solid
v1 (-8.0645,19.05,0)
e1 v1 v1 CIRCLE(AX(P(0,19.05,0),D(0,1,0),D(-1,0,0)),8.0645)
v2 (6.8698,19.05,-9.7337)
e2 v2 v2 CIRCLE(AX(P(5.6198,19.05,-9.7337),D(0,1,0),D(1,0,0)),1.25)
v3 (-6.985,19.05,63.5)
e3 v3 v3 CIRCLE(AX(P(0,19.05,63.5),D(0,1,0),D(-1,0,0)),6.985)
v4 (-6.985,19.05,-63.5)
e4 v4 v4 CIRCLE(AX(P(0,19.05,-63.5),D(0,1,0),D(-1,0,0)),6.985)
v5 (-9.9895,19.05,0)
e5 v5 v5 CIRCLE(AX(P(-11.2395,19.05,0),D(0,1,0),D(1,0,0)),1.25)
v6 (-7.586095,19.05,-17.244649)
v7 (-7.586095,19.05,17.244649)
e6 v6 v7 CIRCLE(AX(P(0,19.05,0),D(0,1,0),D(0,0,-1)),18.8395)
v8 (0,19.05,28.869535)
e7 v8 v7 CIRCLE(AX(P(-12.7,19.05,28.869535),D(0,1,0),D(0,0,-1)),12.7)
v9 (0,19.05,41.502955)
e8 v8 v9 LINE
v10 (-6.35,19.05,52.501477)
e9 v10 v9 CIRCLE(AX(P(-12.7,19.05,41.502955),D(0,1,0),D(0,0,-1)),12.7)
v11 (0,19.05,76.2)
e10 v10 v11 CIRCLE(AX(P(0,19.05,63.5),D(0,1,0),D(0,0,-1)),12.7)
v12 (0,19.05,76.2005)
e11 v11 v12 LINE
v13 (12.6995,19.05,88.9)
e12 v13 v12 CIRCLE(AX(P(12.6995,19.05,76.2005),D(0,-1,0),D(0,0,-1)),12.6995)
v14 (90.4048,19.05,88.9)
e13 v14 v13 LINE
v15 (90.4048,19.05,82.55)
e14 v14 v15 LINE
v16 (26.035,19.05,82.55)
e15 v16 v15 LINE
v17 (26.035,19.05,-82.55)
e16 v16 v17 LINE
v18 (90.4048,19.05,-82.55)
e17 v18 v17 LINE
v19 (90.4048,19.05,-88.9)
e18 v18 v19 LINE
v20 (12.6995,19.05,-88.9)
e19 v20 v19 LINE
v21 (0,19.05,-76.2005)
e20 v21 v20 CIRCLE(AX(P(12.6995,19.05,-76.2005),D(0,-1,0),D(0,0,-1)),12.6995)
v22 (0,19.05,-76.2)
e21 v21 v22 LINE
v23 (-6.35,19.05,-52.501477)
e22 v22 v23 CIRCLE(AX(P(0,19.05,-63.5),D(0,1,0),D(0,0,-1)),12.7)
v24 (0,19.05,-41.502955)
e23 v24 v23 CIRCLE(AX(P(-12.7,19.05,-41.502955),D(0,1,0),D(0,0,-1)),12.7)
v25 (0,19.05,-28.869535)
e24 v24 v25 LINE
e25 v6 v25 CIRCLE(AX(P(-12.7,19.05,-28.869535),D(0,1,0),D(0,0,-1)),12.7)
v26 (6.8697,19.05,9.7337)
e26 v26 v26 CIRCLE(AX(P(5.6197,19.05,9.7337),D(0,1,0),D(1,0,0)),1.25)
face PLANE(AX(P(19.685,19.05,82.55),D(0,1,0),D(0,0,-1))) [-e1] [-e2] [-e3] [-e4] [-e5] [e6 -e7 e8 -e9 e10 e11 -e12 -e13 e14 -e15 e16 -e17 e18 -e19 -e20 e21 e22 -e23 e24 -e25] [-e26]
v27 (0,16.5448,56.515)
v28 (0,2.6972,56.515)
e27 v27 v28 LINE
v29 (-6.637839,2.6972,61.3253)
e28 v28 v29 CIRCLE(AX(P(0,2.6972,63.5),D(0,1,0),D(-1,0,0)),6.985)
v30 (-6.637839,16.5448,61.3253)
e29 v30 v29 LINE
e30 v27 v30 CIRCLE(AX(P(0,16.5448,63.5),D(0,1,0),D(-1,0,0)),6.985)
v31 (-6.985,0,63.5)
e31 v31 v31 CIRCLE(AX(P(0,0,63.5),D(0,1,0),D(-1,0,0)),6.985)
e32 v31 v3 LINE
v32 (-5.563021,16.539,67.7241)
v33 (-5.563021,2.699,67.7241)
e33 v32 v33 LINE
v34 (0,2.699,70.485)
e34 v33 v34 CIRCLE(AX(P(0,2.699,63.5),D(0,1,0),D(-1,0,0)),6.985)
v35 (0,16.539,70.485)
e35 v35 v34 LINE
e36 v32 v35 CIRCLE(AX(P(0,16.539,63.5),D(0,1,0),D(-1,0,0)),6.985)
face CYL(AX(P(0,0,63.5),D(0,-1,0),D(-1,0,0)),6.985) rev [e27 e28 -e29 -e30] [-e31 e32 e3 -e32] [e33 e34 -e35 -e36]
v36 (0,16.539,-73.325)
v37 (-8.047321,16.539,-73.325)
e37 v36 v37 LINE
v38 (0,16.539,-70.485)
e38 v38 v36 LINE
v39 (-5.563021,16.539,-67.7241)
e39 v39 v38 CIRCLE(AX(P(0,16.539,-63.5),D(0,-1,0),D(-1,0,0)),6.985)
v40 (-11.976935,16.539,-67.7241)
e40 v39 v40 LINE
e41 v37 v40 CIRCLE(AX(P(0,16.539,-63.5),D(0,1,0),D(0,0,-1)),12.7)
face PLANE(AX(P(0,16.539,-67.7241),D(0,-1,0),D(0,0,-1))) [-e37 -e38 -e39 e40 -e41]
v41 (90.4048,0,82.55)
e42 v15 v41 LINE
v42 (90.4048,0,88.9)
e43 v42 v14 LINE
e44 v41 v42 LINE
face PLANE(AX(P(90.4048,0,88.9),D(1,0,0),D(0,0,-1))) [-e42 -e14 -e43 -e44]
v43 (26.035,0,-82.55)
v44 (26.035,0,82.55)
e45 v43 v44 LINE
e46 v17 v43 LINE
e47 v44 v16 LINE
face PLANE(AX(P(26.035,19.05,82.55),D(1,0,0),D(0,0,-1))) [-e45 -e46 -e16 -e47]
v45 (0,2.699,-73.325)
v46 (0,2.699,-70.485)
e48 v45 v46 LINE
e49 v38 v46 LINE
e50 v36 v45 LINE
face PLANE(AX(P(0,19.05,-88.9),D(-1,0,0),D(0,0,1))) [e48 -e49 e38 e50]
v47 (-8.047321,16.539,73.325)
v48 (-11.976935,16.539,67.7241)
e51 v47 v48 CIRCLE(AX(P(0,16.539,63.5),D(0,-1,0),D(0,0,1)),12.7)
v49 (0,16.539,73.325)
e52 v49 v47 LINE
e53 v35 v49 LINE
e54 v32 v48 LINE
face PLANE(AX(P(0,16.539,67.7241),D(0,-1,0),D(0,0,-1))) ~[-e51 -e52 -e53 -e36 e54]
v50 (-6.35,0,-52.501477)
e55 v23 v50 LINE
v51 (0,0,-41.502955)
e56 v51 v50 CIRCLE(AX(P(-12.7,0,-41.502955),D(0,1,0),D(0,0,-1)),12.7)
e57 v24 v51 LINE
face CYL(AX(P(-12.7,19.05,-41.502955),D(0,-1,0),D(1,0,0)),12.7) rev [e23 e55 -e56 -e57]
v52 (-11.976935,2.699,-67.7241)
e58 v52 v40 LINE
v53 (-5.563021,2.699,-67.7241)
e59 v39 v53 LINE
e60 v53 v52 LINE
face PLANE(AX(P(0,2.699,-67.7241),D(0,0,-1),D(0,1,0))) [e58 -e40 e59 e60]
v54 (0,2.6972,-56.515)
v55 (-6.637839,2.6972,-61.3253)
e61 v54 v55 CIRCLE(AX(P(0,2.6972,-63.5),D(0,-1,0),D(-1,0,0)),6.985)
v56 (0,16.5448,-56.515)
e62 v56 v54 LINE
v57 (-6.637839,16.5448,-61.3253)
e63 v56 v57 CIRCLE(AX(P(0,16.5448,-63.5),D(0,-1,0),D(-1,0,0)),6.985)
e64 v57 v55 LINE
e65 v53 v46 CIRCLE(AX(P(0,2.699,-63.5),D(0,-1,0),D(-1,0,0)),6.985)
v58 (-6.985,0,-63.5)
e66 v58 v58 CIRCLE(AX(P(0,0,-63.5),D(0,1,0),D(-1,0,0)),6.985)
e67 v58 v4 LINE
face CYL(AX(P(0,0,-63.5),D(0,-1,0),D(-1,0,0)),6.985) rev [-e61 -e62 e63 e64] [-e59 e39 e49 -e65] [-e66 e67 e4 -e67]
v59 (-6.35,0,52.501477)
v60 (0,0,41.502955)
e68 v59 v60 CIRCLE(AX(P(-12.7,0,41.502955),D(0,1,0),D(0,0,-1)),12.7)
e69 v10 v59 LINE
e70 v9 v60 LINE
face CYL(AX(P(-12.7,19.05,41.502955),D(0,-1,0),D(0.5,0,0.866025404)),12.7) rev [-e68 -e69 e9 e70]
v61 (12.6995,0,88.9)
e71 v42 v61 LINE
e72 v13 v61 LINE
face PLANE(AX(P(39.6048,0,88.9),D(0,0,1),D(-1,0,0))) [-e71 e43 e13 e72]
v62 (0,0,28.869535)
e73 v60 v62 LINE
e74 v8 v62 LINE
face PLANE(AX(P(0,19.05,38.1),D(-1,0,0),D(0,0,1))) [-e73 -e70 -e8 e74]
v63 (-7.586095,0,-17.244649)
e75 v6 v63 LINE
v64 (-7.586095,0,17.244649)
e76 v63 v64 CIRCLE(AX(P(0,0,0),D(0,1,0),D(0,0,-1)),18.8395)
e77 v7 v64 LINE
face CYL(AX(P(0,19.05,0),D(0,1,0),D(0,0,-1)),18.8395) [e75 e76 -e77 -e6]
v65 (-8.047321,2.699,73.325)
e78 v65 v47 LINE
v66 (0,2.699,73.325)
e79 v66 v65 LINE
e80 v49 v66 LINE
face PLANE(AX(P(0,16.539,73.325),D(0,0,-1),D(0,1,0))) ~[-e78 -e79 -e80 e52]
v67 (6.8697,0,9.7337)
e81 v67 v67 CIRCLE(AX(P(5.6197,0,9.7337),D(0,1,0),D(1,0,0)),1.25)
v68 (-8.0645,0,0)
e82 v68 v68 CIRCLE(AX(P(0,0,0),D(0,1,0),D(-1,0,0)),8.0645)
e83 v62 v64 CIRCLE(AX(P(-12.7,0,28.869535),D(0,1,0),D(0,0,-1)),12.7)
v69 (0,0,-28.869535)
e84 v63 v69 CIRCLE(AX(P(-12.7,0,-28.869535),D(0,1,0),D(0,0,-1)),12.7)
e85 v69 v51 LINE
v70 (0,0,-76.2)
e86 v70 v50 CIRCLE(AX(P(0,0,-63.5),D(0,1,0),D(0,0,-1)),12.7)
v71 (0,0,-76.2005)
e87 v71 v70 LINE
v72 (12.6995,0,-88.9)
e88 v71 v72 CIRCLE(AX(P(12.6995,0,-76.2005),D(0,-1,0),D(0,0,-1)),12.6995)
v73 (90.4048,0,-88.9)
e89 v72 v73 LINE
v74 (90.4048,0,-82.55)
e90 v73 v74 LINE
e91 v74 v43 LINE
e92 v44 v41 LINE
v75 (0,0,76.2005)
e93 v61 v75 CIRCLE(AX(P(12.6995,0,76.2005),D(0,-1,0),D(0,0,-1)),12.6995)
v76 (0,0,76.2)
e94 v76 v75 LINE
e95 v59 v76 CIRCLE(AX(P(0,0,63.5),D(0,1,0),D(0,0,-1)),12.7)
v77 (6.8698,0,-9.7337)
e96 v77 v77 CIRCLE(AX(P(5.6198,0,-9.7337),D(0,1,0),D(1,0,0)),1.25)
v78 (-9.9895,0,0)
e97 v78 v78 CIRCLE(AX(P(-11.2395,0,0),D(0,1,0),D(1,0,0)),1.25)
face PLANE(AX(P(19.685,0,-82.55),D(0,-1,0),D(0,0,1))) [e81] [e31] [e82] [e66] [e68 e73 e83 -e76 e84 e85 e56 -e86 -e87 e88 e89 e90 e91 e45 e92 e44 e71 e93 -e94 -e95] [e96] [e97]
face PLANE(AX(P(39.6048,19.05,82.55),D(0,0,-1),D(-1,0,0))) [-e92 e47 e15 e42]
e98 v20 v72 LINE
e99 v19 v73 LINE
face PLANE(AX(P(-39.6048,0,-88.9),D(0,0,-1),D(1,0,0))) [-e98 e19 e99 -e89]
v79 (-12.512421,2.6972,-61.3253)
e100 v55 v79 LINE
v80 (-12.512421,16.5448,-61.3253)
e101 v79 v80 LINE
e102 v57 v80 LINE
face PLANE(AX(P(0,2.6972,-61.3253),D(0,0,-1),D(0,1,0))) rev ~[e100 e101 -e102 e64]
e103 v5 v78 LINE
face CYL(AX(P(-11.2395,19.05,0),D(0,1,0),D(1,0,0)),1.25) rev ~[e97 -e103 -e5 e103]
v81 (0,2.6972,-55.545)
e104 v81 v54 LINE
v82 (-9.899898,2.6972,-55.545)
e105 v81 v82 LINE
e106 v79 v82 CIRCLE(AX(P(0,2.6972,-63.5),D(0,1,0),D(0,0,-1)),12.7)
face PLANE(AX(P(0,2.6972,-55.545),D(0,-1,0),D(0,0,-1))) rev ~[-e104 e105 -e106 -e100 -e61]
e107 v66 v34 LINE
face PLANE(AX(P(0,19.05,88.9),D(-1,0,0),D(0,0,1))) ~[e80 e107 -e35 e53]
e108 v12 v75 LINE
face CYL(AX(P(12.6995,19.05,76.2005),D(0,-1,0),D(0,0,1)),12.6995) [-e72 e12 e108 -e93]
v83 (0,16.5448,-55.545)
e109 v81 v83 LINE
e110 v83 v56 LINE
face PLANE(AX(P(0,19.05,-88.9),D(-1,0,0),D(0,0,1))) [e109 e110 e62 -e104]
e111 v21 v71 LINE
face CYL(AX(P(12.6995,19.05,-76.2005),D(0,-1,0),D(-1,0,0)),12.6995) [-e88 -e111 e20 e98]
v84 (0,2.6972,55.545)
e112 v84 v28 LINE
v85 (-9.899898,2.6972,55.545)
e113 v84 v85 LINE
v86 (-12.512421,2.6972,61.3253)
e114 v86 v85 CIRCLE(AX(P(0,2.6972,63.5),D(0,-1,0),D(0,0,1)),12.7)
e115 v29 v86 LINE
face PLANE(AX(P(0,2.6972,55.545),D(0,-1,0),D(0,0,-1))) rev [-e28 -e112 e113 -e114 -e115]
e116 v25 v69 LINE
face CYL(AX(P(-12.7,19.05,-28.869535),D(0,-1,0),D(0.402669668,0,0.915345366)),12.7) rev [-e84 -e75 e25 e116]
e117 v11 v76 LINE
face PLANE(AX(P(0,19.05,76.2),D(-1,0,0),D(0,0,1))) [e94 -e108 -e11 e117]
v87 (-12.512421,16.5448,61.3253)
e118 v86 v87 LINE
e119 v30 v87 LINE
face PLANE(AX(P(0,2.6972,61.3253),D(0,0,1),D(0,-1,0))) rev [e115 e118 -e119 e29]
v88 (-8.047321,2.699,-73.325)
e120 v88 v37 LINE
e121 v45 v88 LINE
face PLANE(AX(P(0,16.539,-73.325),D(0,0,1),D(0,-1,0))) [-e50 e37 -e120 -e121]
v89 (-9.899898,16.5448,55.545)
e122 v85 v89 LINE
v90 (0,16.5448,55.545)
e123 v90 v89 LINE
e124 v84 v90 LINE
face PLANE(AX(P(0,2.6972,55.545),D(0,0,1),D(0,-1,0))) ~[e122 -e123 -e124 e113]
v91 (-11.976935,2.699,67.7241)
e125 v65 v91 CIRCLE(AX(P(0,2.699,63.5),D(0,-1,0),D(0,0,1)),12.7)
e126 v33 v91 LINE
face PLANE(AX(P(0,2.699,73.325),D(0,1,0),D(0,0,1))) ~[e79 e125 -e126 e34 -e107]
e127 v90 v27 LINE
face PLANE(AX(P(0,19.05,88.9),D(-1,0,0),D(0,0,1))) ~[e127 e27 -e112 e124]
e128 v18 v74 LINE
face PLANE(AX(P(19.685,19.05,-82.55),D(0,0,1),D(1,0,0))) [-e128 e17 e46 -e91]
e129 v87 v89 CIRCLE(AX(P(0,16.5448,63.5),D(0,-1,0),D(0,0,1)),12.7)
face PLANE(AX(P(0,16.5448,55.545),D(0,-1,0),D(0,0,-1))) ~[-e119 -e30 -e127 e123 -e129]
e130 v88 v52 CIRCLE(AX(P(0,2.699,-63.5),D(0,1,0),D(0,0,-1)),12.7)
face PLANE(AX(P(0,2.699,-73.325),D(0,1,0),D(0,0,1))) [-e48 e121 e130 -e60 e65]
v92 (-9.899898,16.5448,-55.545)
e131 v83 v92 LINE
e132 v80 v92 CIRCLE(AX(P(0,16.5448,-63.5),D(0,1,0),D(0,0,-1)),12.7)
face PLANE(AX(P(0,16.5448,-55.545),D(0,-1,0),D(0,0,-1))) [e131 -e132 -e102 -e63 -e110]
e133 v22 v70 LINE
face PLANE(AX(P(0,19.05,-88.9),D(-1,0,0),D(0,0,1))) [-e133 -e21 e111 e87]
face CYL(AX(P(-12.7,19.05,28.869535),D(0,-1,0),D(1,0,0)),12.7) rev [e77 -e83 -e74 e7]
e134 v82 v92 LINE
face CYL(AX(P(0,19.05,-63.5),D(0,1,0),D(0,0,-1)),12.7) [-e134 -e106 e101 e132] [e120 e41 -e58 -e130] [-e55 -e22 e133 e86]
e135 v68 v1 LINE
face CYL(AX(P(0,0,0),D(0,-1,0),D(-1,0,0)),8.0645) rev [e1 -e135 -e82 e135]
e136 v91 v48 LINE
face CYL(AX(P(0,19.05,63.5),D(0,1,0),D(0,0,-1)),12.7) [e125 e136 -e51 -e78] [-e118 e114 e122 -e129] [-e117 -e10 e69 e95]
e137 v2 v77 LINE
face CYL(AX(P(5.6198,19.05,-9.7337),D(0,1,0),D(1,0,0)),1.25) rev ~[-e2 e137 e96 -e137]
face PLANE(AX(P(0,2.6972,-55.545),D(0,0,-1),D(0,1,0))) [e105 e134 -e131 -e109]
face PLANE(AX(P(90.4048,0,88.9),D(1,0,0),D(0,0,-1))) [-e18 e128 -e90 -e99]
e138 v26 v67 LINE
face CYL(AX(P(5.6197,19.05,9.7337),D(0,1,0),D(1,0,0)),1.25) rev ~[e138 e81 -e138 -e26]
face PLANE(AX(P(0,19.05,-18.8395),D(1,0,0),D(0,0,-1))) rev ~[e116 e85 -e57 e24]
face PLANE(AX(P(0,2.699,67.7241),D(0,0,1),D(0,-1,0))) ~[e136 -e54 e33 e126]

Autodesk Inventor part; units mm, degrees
ref_plane "YZ Plane" through (0, 0, 0) normal (1, 0, 0) x (0, 1, 0)
sketch "Sketch1" plane through (0, 0, 0) normal (0, 1, 0) x (-1, 0, 0)
  circle A0 centre (0, 0) radius 8.0645
  circle A1 centre (0, -63.5) radius 6.985
  circle A2 centre (0, 63.5) radius 6.985
  line L0 (-39.6048, 88.9) -> (39.6048, 88.9)
  line L1 (39.6048, 88.9) -> (39.6048, -88.9)
  line L2 (39.6048, -88.9) -> (-39.6048, -88.9)
  line L3 (-39.6048, -88.9) -> (-39.6048, 88.9)
  line L4 (-39.6048, 88.9) -> (39.6048, -88.9) construction
  line L5 (39.6048, 88.9) -> (-39.6048, -88.9) construction
  line L6 (10.9754, 63.5) -> (10.9754, 0) construction
  point P0 (0, 0)
  point P1 (0, 0)
  point P2 (0, 63.5)
  dimension "d0" = 16.129
  dimension "d1" = 13.97
  dimension "d2" = 13.97
  dimension "d28" = 177.8
  dimension "d30" = 25.4
  dimension "d31" = 25.4
extrude "Extrusion4" add sketch "Sketch1" along normal blind 19.05
ref_plane "Work Plane2" through (0, 19.05, 0) normal (0, 1, 0) x (1, 0, 0)
sketch "Sketch2" plane through (0, 19.05, 0) normal (0, 1, 0) x (1, 0, 0)
  circle A0 centre (-11.2395, 0) radius 1.25
  circle A1 centre (0, 0) radius 7.94 projected
  circle A2 centre (5.6197, -9.7337) radius 1.25
  circle A3 centre (5.6198, 9.7337) radius 1.25
  dimension "d11" = 2.5
  dimension "d12" = 11.2395
  dimension "d15" = 360
ref_plane "Work Plane1" through (0, 19.05, 0) normal (0, 1, 0) x (1, 0, 0)
extrude "Extrusion5" cut sketch "Sketch2" against normal up to next contours A0 | A2 | A3
sketch "Sketch6" plane through (0, 19.05, 0) normal (0, 1, 0) x (1, 0, 0)
  line L0 (0, -38.1) -> (0, -18.8395)
  line L1 (0, 18.8395) -> (0, 38.1)
  line L2 (39.6048, 88.9) -> (-39.6048, 88.9) projected
  line L3 (0, 88.9) -> (-39.6048, 88.9)
  line L4 (-39.6048, -88.9) -> (39.6048, -88.9) projected
  line L5 (-39.6048, 88.9) -> (-39.6048, -88.9)
  line L6 (-39.6048, -88.9) -> (0, -88.9)
  circle A0 centre (0, 0) radius 8.0645 projected
  arc A1 (0, 18.8395) -> (0, -18.8395) centre (0, 0) ccw
  arc A2 (0, -50.8) -> (0, -76.2) centre (0, -63.5) ccw
  line L7 (0, -38.1) -> (0, -50.8)
  line L8 (0, -76.2) -> (0, -88.9)
  arc A3 (0, 76.2) -> (0, 50.8) centre (0, 63.5) ccw
  line L9 (0, 88.9) -> (0, 76.2)
  line L10 (0, 50.8) -> (0, 38.1)
  circle A4 centre (0, 63.5) radius 6.477
  circle A5 centre (0, -63.5) radius 6.477
  circle A6 centre (-11.2395, 0) radius 1.25 projected
  point P0 (0, 0)
  dimension "d41" = 25.4
  dimension "d42" = 25.4
  dimension "d44" = 12.954
  dimension "d45" = 12.954
  dimension "d77" = 6.35
extrude "Extrusion6" cut sketch "Sketch6" against normal blind 19.05 contours L7 A2 L8 L4 L5 L2 L9 A3 L10 L1 A1 L0
fillet "Fillet5" radius 12.7 4 edges at (0, 9.525, 50.8) (0, 9.525, -50.8) (0, 9.525, -18.8395) (0, 9.525, 18.8395)
sketch "Sketch8" plane through (0, 19.05, -88.9) normal (-1, 0, 0) x (0, 0, 1)
  line L0 (33.355, -16.3528) -> (33.355, -2.5052) projected
  line L1 (15.575, -2.511) -> (15.575, -16.351) projected
  line L2 (27.5747, -16.3528) -> (27.5747, -2.5052)
  line L3 (21.1759, -16.351) -> (21.1759, -2.511)
  line L4 (33.355, -16.3528) -> (27.5747, -16.3528)
  line L5 (33.355, -2.5052) -> (27.5747, -2.5052)
  line L6 (15.575, -16.351) -> (21.1759, -16.351)
  line L7 (21.1759, -2.511) -> (15.575, -2.511)
  point P0 (88.9, -19.05)
extrude "Extrusion7" cut sketch "Sketch8" along normal up to next
mirror "Mirror1" about plane through (0, 0, 0) normal (0, 0, 1) of "Extrusion7"
fillet "Fillet6" radius 12.7 2 edges at (0, 9.525, 88.9) (0, 9.525, -88.9)
sketch "Sketch12" plane through (0, 19.05, 0) normal (0, 1, 0) x (1, 0, 0)
  line L0 (39.6048, -88.9) -> (39.6048, 88.9) projected
  line L1 (39.6048, -82.55) -> (19.685, -82.55)
  line L2 (19.685, -82.55) -> (19.685, 82.55)
  line L3 (19.685, 82.55) -> (39.6048, 82.55)
  line L4 (39.6048, 82.55) -> (39.6048, -82.55)
  line L5 (39.6048, 88.9) -> (12.7, 88.9) projected
  line L6 (12.7, -88.9) -> (39.6048, -88.9) projected
  circle A0 centre (0, -63.5) radius 6.985 projected
  point P0 (0, 0)
  dimension "d72" = 6.35
  dimension "d73" = 6.35
  dimension "d74" = 12.7
extrude "Extrusion10" cut sketch "Sketch12" against normal up to next contours L1 L2 L3 L0
sketch "Sketch13" plane through (39.6048, 0, 88.9) normal (1, 0, 0) x (0, 0, -1)
  line L0 (0, 0) -> (0, 19.05) projected
  line L1 (171.45, 0) -> (6.35, 0) projected
  line L2 (0, 19.05) -> (6.35, 19.05)
  line L3 (6.35, 19.05) -> (6.35, 0)
  line L4 (6.35, 0) -> (0, 0)
  line L5 (0, 0) -> (0, 19.05)
  line L6 (171.45, 19.05) -> (171.45, 0) projected
  line L7 (177.8, 19.05) -> (177.8, 0) projected
  line L8 (171.45, 19.05) -> (177.8, 19.05)
  line L9 (177.8, 19.05) -> (177.8, 0)
  line L10 (177.8, 0) -> (171.45, 0)
  line L11 (171.45, 0) -> (171.45, 19.05)
  point P0 (88.9, 0)
extrude "Extrusion11" add sketch "Sketch13" along normal blind 50.8
sketch "Sketch14" plane through (19.685, 19.05, 82.55) normal (1, 0, 0) x (0, 0, -1)
  line L0 (0, -19.05) -> (0, 0) projected
  line L1 (0, 0) -> (165.1, 0) projected
  line L2 (165.1, 0) -> (165.1, -19.05) projected
  line L3 (165.1, -19.05) -> (0, -19.05) projected
  point P0 (82.55, -19.05)
extrude "Extrusion12" add sketch "Sketch14" along normal blind 6.35
properties part number "AlteredPlatformATEdit"
